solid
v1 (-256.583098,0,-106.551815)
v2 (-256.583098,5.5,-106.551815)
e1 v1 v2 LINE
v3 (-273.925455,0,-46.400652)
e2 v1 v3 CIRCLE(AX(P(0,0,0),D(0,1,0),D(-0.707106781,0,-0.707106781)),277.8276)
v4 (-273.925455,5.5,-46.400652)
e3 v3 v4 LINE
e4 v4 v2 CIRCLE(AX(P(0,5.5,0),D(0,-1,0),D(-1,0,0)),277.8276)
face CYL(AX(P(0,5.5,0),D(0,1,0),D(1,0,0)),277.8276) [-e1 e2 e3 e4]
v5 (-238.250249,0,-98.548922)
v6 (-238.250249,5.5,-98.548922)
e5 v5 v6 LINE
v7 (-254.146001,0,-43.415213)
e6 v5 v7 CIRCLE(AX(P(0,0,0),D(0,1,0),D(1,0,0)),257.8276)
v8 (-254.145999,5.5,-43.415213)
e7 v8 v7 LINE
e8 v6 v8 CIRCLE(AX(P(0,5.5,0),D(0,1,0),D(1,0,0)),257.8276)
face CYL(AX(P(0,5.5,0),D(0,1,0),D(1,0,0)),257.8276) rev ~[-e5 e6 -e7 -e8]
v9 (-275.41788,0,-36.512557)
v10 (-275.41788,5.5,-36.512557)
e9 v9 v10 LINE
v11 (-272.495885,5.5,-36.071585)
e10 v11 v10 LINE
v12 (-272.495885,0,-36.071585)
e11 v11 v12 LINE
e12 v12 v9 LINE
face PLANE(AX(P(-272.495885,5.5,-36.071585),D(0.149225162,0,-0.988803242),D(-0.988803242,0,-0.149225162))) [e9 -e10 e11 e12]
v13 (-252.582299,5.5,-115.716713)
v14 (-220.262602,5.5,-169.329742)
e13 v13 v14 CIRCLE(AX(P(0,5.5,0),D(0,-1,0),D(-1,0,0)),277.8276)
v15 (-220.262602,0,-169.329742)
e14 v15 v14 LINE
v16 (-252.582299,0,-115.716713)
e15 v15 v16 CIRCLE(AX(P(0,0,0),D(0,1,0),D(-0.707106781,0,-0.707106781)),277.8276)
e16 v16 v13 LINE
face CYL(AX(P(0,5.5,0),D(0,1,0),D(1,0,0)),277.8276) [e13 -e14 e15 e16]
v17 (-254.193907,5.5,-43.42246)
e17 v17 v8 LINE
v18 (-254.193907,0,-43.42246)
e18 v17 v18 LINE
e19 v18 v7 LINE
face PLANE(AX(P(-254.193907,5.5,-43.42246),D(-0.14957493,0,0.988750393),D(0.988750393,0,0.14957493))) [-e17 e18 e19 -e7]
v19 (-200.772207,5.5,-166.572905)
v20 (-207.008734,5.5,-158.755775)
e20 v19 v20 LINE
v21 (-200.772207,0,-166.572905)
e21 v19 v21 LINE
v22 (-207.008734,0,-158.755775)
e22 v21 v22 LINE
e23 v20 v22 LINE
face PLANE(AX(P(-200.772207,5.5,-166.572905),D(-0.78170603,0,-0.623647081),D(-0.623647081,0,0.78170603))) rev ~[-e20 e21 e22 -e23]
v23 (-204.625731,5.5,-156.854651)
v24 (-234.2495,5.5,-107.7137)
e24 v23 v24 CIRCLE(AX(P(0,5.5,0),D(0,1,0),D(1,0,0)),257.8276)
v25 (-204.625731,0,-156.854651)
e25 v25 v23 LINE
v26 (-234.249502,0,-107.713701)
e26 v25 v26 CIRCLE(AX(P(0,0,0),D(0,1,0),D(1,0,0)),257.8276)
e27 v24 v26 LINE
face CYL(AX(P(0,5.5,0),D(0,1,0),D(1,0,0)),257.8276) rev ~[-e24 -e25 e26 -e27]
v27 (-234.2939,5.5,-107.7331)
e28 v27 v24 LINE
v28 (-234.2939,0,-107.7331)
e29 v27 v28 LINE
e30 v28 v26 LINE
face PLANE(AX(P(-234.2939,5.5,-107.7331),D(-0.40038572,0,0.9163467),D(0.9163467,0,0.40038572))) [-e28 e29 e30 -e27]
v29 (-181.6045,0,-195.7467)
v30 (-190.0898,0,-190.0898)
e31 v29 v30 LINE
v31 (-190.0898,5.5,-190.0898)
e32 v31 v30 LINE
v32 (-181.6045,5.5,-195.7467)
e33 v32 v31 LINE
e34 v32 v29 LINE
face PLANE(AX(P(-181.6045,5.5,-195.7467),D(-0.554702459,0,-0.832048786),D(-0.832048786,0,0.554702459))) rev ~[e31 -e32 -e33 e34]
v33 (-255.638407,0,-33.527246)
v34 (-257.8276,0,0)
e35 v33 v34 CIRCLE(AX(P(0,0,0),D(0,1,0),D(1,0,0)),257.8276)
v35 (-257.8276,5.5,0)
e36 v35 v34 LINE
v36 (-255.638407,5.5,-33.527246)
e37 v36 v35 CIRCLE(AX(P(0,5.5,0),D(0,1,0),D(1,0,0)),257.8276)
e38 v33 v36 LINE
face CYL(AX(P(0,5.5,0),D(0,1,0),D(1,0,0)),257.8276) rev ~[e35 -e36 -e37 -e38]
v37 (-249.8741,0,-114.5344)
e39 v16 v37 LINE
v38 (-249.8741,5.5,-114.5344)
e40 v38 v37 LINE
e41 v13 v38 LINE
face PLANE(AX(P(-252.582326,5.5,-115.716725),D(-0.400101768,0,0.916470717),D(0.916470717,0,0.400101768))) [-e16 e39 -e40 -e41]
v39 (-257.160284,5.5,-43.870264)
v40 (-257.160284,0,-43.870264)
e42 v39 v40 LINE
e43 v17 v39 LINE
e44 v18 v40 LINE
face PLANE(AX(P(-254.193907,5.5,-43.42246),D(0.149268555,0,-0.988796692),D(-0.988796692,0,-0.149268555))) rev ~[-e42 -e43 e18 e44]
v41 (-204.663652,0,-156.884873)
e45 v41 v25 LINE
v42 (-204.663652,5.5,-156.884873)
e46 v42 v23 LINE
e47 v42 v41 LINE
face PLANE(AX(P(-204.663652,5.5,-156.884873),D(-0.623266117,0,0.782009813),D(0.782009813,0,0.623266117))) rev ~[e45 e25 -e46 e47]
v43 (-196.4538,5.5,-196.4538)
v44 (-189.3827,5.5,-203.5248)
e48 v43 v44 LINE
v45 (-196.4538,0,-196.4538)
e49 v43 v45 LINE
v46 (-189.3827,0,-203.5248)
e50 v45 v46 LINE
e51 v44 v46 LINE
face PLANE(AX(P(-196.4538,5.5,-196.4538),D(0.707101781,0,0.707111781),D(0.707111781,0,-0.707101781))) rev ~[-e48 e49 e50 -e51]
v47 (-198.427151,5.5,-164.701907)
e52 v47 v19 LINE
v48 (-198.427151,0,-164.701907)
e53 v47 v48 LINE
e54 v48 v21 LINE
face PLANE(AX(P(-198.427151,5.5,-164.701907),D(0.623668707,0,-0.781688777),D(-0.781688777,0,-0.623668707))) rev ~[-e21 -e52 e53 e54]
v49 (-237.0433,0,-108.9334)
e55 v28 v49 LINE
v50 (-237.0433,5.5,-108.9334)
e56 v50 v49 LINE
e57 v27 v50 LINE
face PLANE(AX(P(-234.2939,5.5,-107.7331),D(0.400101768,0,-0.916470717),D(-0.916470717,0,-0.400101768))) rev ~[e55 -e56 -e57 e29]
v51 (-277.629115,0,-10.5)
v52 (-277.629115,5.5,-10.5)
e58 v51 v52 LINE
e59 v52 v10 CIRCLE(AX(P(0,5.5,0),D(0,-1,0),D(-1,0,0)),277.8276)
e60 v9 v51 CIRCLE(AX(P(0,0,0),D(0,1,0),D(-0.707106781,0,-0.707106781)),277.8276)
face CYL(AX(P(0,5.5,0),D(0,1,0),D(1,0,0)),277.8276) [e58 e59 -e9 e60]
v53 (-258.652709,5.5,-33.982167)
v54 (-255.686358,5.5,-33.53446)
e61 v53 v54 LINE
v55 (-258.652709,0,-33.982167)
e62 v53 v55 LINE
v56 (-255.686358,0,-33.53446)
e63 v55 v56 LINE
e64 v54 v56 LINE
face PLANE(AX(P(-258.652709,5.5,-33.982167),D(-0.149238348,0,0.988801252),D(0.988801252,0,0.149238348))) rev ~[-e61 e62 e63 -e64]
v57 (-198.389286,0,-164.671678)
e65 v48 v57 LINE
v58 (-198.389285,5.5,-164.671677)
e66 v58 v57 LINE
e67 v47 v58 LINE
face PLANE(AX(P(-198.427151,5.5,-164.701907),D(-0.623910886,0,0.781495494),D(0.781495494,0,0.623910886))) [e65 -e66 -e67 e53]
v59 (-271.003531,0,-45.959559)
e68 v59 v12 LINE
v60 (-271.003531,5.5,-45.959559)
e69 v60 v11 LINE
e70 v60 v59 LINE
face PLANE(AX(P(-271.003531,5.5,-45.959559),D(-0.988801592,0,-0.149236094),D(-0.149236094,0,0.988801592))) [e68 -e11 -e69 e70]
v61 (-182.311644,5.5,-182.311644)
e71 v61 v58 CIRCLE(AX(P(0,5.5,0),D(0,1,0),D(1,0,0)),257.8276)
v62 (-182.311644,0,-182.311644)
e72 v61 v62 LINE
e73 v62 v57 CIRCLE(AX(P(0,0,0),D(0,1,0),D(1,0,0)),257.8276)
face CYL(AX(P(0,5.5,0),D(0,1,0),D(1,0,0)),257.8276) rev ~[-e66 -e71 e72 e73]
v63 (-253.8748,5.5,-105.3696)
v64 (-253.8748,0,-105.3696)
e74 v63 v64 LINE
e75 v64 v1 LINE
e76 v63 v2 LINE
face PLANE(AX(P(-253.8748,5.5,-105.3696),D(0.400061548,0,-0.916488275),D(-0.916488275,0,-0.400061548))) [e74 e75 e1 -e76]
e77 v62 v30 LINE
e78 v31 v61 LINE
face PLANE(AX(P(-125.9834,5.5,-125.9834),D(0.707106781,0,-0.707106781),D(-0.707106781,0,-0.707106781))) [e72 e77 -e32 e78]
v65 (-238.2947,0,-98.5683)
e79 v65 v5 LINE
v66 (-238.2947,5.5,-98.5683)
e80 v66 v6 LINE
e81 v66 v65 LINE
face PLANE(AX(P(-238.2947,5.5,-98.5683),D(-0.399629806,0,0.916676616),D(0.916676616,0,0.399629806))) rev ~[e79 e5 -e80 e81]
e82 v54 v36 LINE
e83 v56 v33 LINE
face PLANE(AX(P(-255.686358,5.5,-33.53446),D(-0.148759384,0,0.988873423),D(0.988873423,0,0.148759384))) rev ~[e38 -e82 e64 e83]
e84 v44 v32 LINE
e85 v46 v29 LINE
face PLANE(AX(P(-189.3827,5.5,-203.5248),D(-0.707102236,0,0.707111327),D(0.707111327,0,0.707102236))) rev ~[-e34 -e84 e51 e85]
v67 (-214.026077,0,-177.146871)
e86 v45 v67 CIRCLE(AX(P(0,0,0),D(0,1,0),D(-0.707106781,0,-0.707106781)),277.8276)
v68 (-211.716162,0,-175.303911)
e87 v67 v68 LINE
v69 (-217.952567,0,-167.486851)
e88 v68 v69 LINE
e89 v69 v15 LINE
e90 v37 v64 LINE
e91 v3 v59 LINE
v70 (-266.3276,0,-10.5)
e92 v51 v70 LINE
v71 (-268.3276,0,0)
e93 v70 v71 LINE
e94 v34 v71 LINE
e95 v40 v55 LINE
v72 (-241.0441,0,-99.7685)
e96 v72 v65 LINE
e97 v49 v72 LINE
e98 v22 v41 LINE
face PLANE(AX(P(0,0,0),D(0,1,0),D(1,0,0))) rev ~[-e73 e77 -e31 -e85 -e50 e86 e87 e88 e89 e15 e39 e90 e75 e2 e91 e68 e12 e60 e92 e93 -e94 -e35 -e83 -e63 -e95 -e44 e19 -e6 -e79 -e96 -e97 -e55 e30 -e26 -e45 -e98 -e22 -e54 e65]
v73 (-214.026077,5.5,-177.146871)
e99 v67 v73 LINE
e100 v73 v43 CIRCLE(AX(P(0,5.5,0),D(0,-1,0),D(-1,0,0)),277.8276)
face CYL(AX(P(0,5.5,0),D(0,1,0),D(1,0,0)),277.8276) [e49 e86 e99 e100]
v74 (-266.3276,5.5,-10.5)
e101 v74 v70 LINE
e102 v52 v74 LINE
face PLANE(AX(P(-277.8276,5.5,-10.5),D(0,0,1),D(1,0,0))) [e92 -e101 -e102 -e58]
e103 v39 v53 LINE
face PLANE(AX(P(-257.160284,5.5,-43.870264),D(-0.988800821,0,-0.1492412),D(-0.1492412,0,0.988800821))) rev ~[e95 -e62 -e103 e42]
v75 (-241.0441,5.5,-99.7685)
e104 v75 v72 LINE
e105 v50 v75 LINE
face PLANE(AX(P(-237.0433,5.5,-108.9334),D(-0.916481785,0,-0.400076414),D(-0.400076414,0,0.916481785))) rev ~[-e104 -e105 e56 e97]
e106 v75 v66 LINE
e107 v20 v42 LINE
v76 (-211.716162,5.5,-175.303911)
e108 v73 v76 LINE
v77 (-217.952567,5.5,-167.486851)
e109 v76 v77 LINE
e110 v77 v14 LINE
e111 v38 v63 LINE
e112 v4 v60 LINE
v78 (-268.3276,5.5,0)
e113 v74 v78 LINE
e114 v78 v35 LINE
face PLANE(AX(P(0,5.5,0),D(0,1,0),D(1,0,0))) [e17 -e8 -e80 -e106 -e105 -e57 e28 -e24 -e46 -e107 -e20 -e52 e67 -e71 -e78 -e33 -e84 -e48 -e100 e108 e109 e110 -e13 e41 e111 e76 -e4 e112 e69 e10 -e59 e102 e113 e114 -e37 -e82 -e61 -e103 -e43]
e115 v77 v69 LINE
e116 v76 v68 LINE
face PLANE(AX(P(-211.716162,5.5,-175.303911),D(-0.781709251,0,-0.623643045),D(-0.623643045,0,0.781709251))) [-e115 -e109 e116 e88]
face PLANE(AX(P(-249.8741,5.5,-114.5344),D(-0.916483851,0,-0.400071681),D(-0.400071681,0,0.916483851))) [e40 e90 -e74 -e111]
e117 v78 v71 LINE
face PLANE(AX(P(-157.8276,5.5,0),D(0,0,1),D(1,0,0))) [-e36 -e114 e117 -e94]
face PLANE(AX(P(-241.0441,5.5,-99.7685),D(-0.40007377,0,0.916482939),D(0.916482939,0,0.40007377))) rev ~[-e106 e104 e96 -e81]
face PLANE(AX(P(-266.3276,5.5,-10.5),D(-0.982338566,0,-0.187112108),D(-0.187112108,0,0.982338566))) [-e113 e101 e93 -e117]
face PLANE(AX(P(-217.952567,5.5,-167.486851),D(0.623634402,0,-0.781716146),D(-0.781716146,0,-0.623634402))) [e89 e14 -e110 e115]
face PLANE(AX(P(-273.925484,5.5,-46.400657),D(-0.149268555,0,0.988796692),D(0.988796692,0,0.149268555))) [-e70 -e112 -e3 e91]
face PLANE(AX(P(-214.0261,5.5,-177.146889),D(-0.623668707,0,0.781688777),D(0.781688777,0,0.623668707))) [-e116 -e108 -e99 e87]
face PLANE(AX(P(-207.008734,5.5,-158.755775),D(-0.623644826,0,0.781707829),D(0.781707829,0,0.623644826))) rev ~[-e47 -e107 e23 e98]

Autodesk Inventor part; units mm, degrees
ref_plane "YZ Plane" through (0, 0, 0) normal (1, 0, 0) x (0, 1, 0)
ref_plane "XZ Plane" through (0, 0, 0) normal (0, 1, 0) x (-1, 0, 0)
ref_plane "XY Plane" through (0, 0, 0) normal (0, 0, 1) x (1, 0, 0)
sketch "スケッチ1" plane through (0, 0, 0) normal (0, 1, 0) x (-1, 0, 0)
  circle A0 centre (0, 0) radius 178.1675
  circle A1 centre (0, 0) radius 157.8276
  line L0 (168.1877, 0) -> (166.7488, -21.9529)
  line L1 (168.1877, 0) -> (130.1721, 2.4917) construction
  line L2 (249.4344, 0) -> (-249.4344, 0) projected
  line L3 (166.7488, -21.9529) -> (156.7702, -21.2989)
  line L4 (156.7702, -21.2989) -> (158.2091, 0.654) construction
  line L5 (158.2091, 0.654) -> (168.1877, 0)
  line L6 (157.4896, -10.3224) -> (0, 0)
  line L7 (166.7488, -21.9529) -> (162.4568, -43.5302)
  line L8 (162.4568, -43.5302) -> (152.649, -41.5793) construction
  line L9 (152.649, -41.5793) -> (156.9409, -20.002) construction
  line L10 (156.9409, -20.002) -> (166.7488, -21.9529) construction
  line L11 (162.4568, -43.5302) -> (155.3851, -64.3626)
  line L12 (155.3851, -64.3626) -> (145.9158, -61.1482) construction
  line L13 (145.9158, -61.1482) -> (152.9875, -40.3158) construction
  line L14 (152.9875, -40.3158) -> (162.4568, -43.5302) construction
  line L15 (155.3851, -64.3626) -> (145.6548, -84.0938)
  line L16 (145.6548, -84.0938) -> (136.6861, -79.6709) construction
  line L17 (136.6861, -79.6709) -> (146.4164, -59.9397) construction
  line L18 (146.4164, -59.9397) -> (155.3851, -64.3626) construction
  line L19 (0, 0) -> (111.6009, -111.6009)
  line L20 (145.6548, -84.0938) -> (137.3401, -78.5381) construction
  line L21 (137.3401, -78.5381) -> (125.1176, -96.8305) construction
  line L22 (125.1176, -96.8305) -> (133.4323, -102.3862) construction
  line L23 (133.4323, -102.3862) -> (145.6548, -84.0938)
  line L24 (133.4323, -102.3862) -> (125.9139, -95.7927) construction
  line L25 (125.9139, -95.7927) -> (111.4082, -112.3332) construction
  line L26 (111.4082, -112.3332) -> (118.9266, -118.9266)
  line L27 (118.9266, -118.9266) -> (133.4323, -102.3862)
  line L28 (111.6009, -111.6009) -> (118.9266, -118.9266)
  line L29 (166.7488, -21.9529) -> (176.7274, -22.6069) construction
  line L30 (118.9266, -118.9266) -> (125.9834, -125.9834)
  point P0 (154.795, -30.7906)
  point P1 (149.4517, -50.732)
  point P2 (141.5512, -69.8053)
  point P3 (131.2288, -87.6843)
  point P4 (118.661, -104.0629)
  point P5 (157.8276, 0)
  point P6 (178.1675, 0)
  dimension "d0" = 22
  dimension "d1" = 10
  dimension "d2" = 45
  dimension "d4" = 315.6551
extrude "押し出し1" add sketch "スケッチ1" along normal blind 5.5 contours L30 L27 L23 L15 L11 L7 L0 L2 A0 | L28 A1 L2 L0 L7 L11 L15 L23 L27
sketch "スケッチ2" plane through (0, 5.5, 0) normal (0, 1, 0) x (1, 0, 0)
  circle A0 centre (0, 0) radius 277.8276
  line L0 (-168.1877, 0) -> (-166.7488, 21.9529) projected
  line L1 (-166.7488, 21.9529) -> (-162.4568, 43.5302) projected
  line L2 (-162.4568, 43.5302) -> (-155.3851, 64.3626) projected
  line L3 (-155.3851, 64.3626) -> (-145.6548, 84.0938) projected
  line L4 (-133.4323, 102.3862) -> (-145.6548, 84.0938) projected
  line L5 (-118.9266, 118.9266) -> (-133.4323, 102.3862) projected
  line L6 (-167.4682, 10.9764) -> (-166.0294, 32.9293)
  line L7 (-166.0294, 32.9293) -> (-275.7938, 40.1237)
  line L8 (-275.7938, 40.1237) -> (-277.2327, 18.1708)
  line L9 (-277.2327, 18.1708) -> (-167.4682, 10.9764)
  line L10 (-164.6028, 32.7415) -> (-160.3108, 54.3188)
  line L11 (-160.3108, 54.3188) -> (-268.1972, 75.7787)
  line L12 (-268.1972, 75.7787) -> (-272.4892, 54.2015)
  line L13 (-272.4892, 54.2015) -> (-164.6028, 32.7415)
  circle A1 centre (-166.7488, 21.9529) radius 11
  circle A2 centre (-162.4568, 43.5302) radius 11
  line L14 (-158.921, 53.9464) -> (-151.8493, 74.7789)
  line L15 (-151.8493, 74.7789) -> (-256.0116, 110.1372)
  line L16 (-256.0116, 110.1372) -> (-263.0833, 89.3047)
  line L17 (-263.0833, 89.3047) -> (-158.921, 53.9464)
  circle A3 centre (-155.3851, 64.3626) radius 11
  arc A4 (-275.7591, 62.4834) -> (-281.3553, 41.7349) centre (-166.7488, 21.9529) ccw
  line L18 (-178.1663, 0.654) -> (-158.2091, -0.654)
  line L19 (-158.2091, -0.654) -> (-156.7702, 21.2989)
  line L20 (-156.7702, 21.2989) -> (-176.7274, 22.6069)
  line L21 (-176.7274, 22.6069) -> (-178.1663, 0.654)
  line L22 (-177.4468, 11.6305) -> (-275.7938, 40.1237)
  line L23 (-176.7274, 22.6069) -> (-176.008, 33.5834)
  line L24 (-176.008, 33.5834) -> (-275.7591, 62.4834)
  line L25 (-275.7938, 40.1237) -> (-281.3553, 41.7349)
  circle A5 centre (0, 0) radius 137.8276
  line L26 (0, 0) -> (-196.4538, 196.4538)
  line L27 (-111.6009, 111.6009) -> (-125.9834, 125.9834) projected
  line L28 (-433.7586, 0) -> (433.7586, 0) projected
  circle A6 centre (0, 0) radius 257.8276 construction
  arc A7 (-111.6009, 111.6009) -> (-157.8276, 0) centre (0, 0) ccw projected
  point P0 (-158.1662, 0)
  point P1 (-137.8276, 0)
  point P2 (-97.4588, 97.4588)
  point P3 (-277.8276, 0)
  dimension "d7" = 22
  dimension "d10" = 20
  dimension "d11" = 100
  dimension "d12" = 20
  dimension "d14" = 20
  dimension "d17" = 100
extrude "押し出し2" add sketch "スケッチ2" against normal blind 5.5 contours L26 L5 L4 L3 A3 L15 A0 | A0 L9 L21 L18 L28 | L15 A3 L17 A0 | A0 L22 L9 | L18 L21 L9 L0 | L0 A1 L19 L28 | A5 L28 A7 A1 A2 A3 L26 | L17 A2 L11 A0 | A3 L3 L14 | L14 L2 A3 | L26 A7 A3 L3 L4 L5 | A0 L7 L23 A1 L21 L22 | L21 A1 L9 | A1 L21 L20 L0 | L0 L20 L19 A1 | L19 A7 L28 | L11 A2 L13 L24 A0 | A2 A7 L1 L2 | L2 L10 A2 | A3 A7 A2 | L2 L3 A3 A7 | A0 L13 L24 L7 | A1 L23 L21 | L6 A1 L1 | L20 L23 A1 L6 | L1 A1 A7 L19 L20 | A1 A7 L19 | A3 A7 | L24 L13 A0 | L10 L1 A2 | A2 A7 | L24 L13 A1 L7 | L7 A1 L23 | A2 A7 A1 | A7 A1
sketch "スケッチ3" plane through (0, 5.5, 0) normal (0, 1, 0) x (1, 0, 0)
  circle A0 centre (0, 0) radius 257.8276
  arc A1 (-97.4588, 97.4588) -> (-137.8276, 0) centre (0, 0) ccw projected
  line L0 (-97.4588, 97.4588) -> (-196.4538, 196.4538) projected
  line L1 (-277.8276, 0) -> (-137.8276, 0) projected
  arc A2 (-196.4538, 196.4538) -> (-277.8276, 0) centre (0, 0) ccw projected
  point P0 (-257.8276, 0)
  point P1 (-182.3116, 182.3116)
  dimension "d21" = 20
extrude "押し出し3" cut sketch "スケッチ3" against normal through all contours L0 A1 L1 A0 picked at (-202.0143, 80.8888)
sketch "スケッチ5" plane through (0, 5.5, 0) normal (0, 1, 0) x (1, 0, 0)
  line L0 (-196.4538, 196.4538) -> (-182.3116, 182.3116) projected
  line L1 (-196.4538, 196.4538) -> (-189.3827, 203.5248)
  line L2 (-189.3827, 203.5248) -> (-181.6045, 195.7467)
  line L3 (-181.6045, 195.7467) -> (-190.0898, 190.0898)
  line L4 (-189.3827, 189.3827) -> (-192.1791, 186.5862)
  line L5 (-182.3116, 182.3116) -> (-196.4538, 196.4538) projected
  point P0 (0, 0)
  dimension "d30" = 1
  dimension "d31" = 1
  dimension "d33" = 10
extrude "押し出し5" add sketch "スケッチ5" against normal up to surface (5.5 mm away)
sketch "スケッチ6" plane through (0, 5.5, 0) normal (0, 1, 0) x (1, 0, 0)
  line L0 (-277.8276, 0) -> (-277.8276, 10.5)
  line L1 (-277.8276, 10.5) -> (-266.3276, 10.5)
  line L2 (-266.3276, 10.5) -> (-268.3276, 0)
  line L3 (-257.8276, 0) -> (-277.8276, 0) projected
  line L4 (-277.8276, 0) -> (-257.8276, 0) projected
  point P0 (0, 0)
  point P1 (-267.8276, 0)
  point P2 (-267.8276, 0)
  dimension "d36" = 0.5
  dimension "d37" = 1.5
  dimension "d38" = 10.5
extrude "押し出し6" cut sketch "スケッチ6" against normal through all
sketch "スケッチ7" plane through (0, 5.5, 0) normal (0, 1, 0) x (1, 0, 0)
  line L0 (0, 0) -> (-254.6239, 111.1523) construction
  line L1 (-182.3116, 182.3116) -> (-190.0898, 190.0898) projected
  line L2 (0, 0) -> (-182.3116, 182.3116) construction
  line L3 (-277.6291, 10.5) -> (-266.3276, 10.5) projected
  line L4 (0, 0) -> (-277.6291, 10.5) construction
  arc A0 (-196.4538, 196.4538) -> (-277.6291, 10.5) centre (0, 0) ccw projected
  line L5 (-256.6243, 106.5698) -> (-252.6235, 115.7347) construction
  line L6 (-252.6235, 115.7347) -> (-249.8741, 114.5344)
  line L7 (-249.8741, 114.5344) -> (-253.8748, 105.3696)
  line L8 (-253.8748, 105.3696) -> (-256.6243, 106.5698)
  line L9 (-238.2947, 98.5683) -> (-234.2939, 107.7331) construction
  line L10 (-234.2939, 107.7331) -> (-237.0433, 108.9334)
  line L11 (-237.0433, 108.9334) -> (-241.0441, 99.7685)
  line L12 (-241.0441, 99.7685) -> (-238.2947, 98.5683)
  arc A1 (-182.3116, 182.3116) -> (-257.8276, 0) centre (0, 0) ccw projected
  line L13 (-238.2947, 98.5683) -> (-238.2502, 98.5489)
  arc A2 (-182.3116, 182.3116) -> (-257.8276, 0) centre (0, 0) ccw projected
  line L14 (-234.2939, 107.7331) -> (-234.2495, 107.7137)
  point P0 (-236.2943, 103.1507)
  point P1 (-252.5823, 115.7167)
  point P2 (-256.5831, 106.5518)
  dimension "d41" = 3
  dimension "d42" = 10
extrude "押し出し7" cut sketch "スケッチ7" against normal through all
pattern_circular "円形状パターン1" count 2 over 15 about axis through (0, -10, 0) along (0, 1, 0) of "押し出し7"
pattern_circular "円形状パターン2" count 2 over 15 about axis through (0, -10, 0) along (0, -1, 0) of "押し出し7"
properties part number "front_under" material "木材 (カエデ材)"
